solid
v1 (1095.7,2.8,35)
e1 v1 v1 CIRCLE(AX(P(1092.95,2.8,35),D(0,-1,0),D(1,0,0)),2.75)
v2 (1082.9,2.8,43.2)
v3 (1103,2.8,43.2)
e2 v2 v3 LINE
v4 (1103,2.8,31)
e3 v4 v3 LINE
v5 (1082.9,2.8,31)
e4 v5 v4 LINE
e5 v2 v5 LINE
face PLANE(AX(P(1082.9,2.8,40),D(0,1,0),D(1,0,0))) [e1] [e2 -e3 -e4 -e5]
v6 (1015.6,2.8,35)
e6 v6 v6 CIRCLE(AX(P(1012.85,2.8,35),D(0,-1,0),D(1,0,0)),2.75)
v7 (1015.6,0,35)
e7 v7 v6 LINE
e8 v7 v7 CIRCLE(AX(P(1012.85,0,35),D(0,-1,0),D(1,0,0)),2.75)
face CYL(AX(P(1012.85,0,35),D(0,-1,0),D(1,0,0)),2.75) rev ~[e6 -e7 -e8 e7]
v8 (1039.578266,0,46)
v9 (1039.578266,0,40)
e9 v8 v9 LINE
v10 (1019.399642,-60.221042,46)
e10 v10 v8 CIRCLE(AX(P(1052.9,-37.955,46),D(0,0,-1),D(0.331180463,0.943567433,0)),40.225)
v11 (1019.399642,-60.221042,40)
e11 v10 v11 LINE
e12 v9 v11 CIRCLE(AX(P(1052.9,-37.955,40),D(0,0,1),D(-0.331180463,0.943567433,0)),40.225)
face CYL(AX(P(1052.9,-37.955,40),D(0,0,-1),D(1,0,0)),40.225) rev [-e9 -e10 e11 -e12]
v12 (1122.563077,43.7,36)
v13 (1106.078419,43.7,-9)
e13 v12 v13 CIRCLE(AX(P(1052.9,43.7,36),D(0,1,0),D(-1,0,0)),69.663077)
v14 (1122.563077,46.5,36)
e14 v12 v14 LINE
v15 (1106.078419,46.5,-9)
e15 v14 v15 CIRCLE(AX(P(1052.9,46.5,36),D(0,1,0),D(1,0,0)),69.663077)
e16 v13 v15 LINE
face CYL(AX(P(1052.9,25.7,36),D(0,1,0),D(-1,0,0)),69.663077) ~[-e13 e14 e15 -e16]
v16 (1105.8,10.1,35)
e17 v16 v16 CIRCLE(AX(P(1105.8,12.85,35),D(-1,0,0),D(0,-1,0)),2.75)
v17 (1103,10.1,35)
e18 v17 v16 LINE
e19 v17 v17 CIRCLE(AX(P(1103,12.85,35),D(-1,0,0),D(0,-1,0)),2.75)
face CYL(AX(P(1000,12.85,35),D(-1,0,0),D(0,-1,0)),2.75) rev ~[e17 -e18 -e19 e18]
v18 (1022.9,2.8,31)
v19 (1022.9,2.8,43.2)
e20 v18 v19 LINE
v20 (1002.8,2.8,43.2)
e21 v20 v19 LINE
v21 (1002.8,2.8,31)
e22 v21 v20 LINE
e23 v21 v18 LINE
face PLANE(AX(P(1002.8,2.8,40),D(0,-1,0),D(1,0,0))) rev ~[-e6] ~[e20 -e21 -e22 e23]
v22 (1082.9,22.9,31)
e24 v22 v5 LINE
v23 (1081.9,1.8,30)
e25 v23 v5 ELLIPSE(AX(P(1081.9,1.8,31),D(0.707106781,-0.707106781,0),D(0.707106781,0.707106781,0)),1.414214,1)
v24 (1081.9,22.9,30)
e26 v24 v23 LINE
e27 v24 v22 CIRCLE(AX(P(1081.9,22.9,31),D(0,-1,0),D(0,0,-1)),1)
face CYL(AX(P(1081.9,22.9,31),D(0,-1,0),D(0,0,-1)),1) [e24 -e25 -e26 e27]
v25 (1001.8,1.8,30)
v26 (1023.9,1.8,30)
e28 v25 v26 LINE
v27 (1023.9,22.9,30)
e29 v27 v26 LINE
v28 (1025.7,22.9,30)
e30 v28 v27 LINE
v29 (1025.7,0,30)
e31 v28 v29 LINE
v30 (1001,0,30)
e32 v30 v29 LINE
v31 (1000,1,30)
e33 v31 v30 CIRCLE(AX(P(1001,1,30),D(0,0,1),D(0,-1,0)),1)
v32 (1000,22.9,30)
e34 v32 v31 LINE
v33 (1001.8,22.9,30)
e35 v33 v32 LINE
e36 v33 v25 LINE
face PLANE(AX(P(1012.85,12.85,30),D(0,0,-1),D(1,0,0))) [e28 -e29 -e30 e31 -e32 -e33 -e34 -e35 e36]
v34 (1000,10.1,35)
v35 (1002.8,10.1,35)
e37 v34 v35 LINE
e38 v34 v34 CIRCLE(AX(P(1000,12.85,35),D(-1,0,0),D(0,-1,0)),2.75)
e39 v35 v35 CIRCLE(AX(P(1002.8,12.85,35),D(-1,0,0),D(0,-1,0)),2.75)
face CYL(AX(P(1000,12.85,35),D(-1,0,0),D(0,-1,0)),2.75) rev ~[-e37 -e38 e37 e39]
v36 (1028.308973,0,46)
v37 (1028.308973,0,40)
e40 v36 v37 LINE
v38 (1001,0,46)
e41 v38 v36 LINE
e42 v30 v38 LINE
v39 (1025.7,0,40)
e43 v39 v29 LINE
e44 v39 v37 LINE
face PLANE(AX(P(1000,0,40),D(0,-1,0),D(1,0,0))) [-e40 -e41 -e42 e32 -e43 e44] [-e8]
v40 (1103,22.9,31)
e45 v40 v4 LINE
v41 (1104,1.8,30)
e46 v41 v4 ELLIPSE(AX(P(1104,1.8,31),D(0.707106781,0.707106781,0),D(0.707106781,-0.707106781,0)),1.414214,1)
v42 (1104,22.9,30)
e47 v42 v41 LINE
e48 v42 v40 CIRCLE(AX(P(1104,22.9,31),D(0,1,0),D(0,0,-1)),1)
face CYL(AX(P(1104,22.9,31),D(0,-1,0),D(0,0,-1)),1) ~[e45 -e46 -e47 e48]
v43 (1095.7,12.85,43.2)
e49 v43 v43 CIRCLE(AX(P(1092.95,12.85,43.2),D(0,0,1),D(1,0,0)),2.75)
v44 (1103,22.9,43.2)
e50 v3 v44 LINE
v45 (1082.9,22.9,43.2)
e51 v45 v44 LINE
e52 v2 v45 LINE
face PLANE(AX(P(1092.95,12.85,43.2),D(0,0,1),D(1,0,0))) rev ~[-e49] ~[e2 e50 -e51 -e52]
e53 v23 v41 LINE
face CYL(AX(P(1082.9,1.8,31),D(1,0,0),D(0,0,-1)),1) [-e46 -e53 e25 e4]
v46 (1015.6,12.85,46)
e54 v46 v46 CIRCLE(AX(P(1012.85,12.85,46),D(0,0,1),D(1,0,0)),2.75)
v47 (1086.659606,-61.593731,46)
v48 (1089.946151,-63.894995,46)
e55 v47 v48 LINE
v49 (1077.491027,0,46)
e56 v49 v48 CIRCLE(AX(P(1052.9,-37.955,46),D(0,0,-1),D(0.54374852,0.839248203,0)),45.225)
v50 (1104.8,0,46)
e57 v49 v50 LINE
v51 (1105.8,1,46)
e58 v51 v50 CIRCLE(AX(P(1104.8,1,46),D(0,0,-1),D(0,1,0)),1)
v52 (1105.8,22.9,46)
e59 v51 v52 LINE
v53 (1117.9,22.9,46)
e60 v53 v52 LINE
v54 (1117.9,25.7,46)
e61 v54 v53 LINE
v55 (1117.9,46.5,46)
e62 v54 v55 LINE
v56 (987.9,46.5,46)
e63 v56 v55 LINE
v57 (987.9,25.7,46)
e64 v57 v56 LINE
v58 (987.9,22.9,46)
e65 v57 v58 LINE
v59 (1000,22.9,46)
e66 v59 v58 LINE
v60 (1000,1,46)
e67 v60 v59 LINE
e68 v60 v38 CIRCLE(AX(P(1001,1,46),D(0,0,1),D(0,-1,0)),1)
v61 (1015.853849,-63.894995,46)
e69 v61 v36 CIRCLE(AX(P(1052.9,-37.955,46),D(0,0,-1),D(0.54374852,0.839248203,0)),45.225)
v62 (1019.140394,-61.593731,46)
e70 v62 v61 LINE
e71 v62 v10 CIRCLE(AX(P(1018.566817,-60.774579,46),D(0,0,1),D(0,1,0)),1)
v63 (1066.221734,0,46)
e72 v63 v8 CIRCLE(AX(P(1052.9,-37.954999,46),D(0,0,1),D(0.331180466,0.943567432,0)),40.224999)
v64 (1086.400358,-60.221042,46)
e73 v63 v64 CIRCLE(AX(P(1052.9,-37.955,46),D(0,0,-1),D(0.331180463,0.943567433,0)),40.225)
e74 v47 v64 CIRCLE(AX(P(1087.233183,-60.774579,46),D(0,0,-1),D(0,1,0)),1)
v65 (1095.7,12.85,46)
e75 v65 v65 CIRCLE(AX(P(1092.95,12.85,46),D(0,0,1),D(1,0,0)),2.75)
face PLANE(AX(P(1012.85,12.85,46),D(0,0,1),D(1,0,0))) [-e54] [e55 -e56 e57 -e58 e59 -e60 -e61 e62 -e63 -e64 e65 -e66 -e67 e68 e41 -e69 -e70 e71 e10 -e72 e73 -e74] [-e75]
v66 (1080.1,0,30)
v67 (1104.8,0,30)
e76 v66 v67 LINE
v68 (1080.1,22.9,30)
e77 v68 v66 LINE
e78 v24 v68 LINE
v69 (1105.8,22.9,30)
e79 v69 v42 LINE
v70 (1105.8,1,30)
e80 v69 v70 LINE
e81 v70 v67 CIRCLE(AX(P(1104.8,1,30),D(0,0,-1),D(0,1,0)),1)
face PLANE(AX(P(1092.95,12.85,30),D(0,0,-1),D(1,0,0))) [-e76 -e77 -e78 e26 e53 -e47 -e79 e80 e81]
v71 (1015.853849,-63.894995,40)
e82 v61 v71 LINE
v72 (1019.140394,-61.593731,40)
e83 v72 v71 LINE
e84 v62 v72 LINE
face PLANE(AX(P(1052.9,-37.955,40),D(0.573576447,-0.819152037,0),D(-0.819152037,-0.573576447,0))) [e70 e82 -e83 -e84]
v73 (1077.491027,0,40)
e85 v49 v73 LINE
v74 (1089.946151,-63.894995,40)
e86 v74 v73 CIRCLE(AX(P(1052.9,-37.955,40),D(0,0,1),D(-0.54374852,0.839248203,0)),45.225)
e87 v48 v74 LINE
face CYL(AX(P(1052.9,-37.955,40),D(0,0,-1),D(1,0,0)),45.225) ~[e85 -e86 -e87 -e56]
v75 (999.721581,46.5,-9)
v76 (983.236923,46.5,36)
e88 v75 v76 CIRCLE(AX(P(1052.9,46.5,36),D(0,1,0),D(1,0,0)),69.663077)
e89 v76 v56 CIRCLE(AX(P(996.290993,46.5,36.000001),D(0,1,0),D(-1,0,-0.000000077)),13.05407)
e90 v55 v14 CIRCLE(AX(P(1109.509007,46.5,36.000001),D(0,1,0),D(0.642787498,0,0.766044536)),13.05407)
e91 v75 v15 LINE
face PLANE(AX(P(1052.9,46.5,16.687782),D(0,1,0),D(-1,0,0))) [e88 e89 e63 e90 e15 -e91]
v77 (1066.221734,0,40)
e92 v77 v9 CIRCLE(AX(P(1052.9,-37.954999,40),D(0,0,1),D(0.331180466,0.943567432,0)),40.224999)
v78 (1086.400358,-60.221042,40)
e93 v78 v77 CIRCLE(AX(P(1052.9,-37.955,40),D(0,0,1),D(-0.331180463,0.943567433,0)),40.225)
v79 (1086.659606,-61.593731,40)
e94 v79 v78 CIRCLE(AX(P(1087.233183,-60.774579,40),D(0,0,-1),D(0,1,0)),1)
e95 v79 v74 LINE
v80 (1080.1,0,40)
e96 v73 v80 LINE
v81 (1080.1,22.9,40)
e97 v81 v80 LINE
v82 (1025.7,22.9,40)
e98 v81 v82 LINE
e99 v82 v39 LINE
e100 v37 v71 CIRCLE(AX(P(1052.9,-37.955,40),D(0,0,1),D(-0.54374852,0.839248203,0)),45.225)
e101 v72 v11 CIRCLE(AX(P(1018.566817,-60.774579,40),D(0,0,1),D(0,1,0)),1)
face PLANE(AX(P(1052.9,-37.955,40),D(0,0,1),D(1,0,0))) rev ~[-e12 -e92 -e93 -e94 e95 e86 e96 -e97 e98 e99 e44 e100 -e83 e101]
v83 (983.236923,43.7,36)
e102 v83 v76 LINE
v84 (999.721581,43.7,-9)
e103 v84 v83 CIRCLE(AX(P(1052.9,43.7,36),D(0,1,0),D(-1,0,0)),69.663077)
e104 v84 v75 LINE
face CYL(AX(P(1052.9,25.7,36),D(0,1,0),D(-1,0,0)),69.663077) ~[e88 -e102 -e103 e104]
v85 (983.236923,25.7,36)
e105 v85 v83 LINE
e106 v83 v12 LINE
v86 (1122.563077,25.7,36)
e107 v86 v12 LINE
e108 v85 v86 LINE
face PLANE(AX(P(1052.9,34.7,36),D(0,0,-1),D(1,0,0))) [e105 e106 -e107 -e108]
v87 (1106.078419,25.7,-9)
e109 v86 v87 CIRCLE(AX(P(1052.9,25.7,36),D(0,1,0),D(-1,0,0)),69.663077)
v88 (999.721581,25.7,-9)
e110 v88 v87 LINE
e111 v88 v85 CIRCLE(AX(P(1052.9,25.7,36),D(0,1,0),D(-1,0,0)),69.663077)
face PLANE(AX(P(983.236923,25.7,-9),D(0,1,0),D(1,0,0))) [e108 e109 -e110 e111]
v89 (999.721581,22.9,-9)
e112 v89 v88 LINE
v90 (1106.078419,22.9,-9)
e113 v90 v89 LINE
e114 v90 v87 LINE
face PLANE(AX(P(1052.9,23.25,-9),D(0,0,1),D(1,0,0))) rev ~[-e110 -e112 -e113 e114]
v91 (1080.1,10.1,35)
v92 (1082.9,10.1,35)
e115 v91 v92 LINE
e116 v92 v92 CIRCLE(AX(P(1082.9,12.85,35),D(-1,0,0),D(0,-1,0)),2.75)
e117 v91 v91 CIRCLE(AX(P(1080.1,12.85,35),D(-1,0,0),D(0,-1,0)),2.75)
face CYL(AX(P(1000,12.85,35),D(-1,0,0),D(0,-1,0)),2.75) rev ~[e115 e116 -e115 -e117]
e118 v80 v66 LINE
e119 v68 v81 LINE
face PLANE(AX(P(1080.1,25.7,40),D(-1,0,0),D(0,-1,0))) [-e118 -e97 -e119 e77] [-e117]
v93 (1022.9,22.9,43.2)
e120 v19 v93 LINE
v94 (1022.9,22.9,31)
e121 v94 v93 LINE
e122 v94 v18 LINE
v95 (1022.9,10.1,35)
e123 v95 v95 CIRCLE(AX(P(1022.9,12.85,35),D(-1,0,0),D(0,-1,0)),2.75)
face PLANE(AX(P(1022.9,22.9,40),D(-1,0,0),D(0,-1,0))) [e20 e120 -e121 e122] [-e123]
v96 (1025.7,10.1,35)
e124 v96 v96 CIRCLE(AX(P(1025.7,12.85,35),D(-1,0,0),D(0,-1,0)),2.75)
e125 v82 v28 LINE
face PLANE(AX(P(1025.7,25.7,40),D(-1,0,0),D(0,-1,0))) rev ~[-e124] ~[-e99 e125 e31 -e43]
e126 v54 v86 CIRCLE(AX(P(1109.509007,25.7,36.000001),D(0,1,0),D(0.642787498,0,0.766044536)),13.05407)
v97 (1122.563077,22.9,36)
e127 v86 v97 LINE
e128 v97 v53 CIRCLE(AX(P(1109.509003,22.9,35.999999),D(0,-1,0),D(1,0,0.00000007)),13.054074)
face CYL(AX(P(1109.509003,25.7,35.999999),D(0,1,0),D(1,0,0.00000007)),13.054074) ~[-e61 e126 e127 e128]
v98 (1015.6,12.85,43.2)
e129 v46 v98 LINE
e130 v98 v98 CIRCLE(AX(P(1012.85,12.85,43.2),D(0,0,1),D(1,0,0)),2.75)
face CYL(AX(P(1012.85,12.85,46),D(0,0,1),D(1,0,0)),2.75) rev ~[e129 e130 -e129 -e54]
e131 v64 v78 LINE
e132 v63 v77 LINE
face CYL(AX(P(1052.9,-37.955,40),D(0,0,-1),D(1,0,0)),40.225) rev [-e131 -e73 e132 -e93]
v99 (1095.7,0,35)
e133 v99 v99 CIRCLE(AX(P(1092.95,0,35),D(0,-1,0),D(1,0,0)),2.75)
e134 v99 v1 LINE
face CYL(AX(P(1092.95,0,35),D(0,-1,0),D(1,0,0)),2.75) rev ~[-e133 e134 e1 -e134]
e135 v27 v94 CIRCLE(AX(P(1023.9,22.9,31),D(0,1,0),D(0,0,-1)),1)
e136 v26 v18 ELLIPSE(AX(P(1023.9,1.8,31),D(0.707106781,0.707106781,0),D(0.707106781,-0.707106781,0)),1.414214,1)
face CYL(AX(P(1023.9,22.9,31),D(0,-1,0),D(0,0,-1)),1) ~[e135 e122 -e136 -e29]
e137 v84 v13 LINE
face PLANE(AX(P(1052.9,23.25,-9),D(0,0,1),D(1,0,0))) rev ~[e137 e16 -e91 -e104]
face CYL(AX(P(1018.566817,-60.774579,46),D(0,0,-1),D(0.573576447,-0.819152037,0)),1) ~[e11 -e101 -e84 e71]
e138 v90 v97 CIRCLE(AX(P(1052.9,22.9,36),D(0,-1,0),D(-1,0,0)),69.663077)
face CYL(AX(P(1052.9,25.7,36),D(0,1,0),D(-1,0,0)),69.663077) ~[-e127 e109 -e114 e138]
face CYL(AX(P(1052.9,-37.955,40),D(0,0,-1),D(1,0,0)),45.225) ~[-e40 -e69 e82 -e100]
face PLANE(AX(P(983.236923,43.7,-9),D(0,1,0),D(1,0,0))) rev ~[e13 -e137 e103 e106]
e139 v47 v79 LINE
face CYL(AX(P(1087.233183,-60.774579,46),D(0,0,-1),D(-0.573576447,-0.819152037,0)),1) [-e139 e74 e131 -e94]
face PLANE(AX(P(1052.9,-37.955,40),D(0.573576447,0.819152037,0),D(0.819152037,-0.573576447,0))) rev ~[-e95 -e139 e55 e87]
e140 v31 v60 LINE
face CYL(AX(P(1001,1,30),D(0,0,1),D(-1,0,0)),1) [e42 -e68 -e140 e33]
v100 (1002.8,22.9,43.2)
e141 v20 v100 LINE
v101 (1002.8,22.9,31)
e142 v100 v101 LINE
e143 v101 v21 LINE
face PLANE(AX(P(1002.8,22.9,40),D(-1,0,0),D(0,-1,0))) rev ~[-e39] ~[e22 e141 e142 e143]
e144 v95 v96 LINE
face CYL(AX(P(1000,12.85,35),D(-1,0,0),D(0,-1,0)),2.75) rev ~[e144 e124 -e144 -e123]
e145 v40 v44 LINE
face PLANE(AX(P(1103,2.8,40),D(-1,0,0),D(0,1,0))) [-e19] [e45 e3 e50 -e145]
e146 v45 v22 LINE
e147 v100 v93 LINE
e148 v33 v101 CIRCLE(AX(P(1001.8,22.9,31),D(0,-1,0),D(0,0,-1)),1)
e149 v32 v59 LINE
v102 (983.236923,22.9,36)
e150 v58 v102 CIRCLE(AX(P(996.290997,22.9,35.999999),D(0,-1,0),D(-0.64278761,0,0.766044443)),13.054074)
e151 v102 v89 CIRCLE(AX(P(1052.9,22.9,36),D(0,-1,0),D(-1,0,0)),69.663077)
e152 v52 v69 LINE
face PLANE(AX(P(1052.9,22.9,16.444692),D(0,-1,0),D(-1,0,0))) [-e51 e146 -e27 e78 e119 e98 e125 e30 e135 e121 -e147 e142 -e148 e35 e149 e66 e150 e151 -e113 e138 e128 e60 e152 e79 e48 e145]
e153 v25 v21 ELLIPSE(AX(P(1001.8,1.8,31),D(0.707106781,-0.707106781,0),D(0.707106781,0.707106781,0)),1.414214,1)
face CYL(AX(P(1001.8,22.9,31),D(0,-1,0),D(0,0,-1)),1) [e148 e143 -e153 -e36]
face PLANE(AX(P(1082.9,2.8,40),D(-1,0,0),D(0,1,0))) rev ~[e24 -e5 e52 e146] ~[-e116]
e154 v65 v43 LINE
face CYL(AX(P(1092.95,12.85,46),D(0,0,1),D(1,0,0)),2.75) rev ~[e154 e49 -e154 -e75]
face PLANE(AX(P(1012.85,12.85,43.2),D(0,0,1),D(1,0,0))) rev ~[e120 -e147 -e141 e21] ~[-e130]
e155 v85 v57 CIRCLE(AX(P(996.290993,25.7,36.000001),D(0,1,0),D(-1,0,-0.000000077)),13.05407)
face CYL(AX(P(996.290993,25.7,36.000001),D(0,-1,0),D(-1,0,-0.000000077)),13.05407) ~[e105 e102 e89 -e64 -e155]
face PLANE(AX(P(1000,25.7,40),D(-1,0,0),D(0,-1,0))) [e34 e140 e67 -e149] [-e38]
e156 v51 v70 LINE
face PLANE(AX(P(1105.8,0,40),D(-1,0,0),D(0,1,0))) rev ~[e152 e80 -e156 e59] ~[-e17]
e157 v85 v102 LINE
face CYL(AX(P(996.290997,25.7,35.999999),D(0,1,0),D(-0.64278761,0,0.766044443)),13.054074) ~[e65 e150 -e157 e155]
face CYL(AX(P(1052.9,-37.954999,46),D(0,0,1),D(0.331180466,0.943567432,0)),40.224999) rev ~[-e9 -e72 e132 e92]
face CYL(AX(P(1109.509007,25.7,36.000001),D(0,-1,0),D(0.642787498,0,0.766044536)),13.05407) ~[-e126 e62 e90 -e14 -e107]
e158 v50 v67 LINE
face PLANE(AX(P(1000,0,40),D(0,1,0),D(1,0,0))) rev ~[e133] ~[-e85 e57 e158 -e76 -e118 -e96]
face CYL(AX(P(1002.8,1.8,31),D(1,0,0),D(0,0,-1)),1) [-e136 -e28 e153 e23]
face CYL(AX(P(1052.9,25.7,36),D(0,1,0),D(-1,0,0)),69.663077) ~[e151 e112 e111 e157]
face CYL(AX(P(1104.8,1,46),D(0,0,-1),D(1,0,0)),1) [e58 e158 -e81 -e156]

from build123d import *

# Parameters (mm, degrees)
SKETCH038_W     = 105.8
SKETCH038_H     = 25.7
SKETCH038_W_2   = 20.1
SKETCH038_H_2   = 20.1
PAD020_DEPTH    = 6
SKETCH036_R     = 45.225
SKETCH036_R_2   = 40.225
PAD019_DEPTH    = 6
POCKET020_DEPTH = 6
POCKET021_DEPTH = 6
FILLET008_R     = 1
SKETCH034_W     = 25.7
SKETCH034_H     = 25.7
SKETCH034_W_2   = 20.1
SKETCH034_H_2   = 20.1
PAD021_DEPTH    = 10
SKETCH033_R     = 2.75
POCKET024_DEPTH = 105.8
SKETCH040_R     = 2.75
POCKET023_DEPTH = 2.8
FILLET009_R     = 1
PAD022_DEPTH    = 20.8
PAD018_DEPTH    = 2.8
SKETCH041_W     = 139.326154
SKETCH041_H     = 46.5
POCKET025_DEPTH = 61
SKETCH035_W     = 139.326154
SKETCH035_H     = 18
POCKET022_DEPTH = 45
SKETCH051_W     = 20.1
SKETCH051_H     = 20.1
SKETCH051_R     = 2.75
PAD028_DEPTH    = 2.8


with BuildPart() as part:
    # Sketch038 → Pad020 (new body)
    with BuildSketch(Plane.XY):
        with Locations((52.9, 12.85)):
            Rectangle(SKETCH038_W, SKETCH038_H)
        with Locations((12.85, 12.85)):
            Rectangle(SKETCH038_W_2, SKETCH038_H_2, mode=Mode.SUBTRACT)
        with Locations((92.95, 12.85)):
            Rectangle(SKETCH038_W_2, SKETCH038_H_2, mode=Mode.SUBTRACT)
    extrude(amount=PAD020_DEPTH)

    # Sketch036 → Pad019 (join)
    with BuildSketch(Plane.XY):
        with Locations((52.9, -37.955)):
            Circle(SKETCH036_R)
        with Locations((52.9, -37.955)):
            Circle(SKETCH036_R_2, mode=Mode.SUBTRACT)
    extrude(amount=PAD019_DEPTH)

    # Pad019 Face25 → Pocket020 (cut)
    with BuildSketch(Plane(origin=(52.9, 0.910232, 6), x_dir=(0, 1, 0), z_dir=(0, 0, 1))):
        with BuildLine():
            ThreePointArc((-0.910232, -13.321734), (1.359768, 0), (-0.910232, 13.321734))
            Line((-0.910232, 13.321734), (-0.910232, -13.321734))
        make_face()
    extrude(amount=-POCKET020_DEPTH, mode=Mode.SUBTRACT)

    # Sketch039 → Pocket021 (cut)
    with BuildSketch(Plane.XY):
        with BuildLine():
            Line((52.9, -37.955), (94.041911, -66.762877))
            ThreePointArc((11.758089, -66.762877), (52.9, -88.18), (94.041911, -66.762877))
            Line((52.9, -37.955), (11.758089, -66.762877))
        make_face()
    extrude(amount=POCKET021_DEPTH, mode=Mode.SUBTRACT)

    # Fillet008
    fillet008_edges = [part.edges().sort_by_distance(p)[0] for p in [
        (19.949609, -61.027112, 3),
        (85.850391, -61.027112, 3),
    ]]
    fillet(fillet008_edges, radius=FILLET008_R)

    # Sketch034 (on Face11 of Fillet008) → Pad021 (join)
    with BuildSketch(Plane(origin=(0, 0, 0), x_dir=(1, 0, 0), z_dir=(0, 0, -1))):
        with Locations((12.85, -12.85)):
            Rectangle(SKETCH034_W, SKETCH034_H)
        with Locations((12.85, -12.85)):
            Rectangle(SKETCH034_W_2, SKETCH034_H_2, mode=Mode.SUBTRACT)
        with Locations((92.95, -12.85)):
            Rectangle(SKETCH034_W, SKETCH034_H)
        with Locations((92.95, -12.85)):
            Rectangle(SKETCH034_W_2, SKETCH034_H_2, mode=Mode.SUBTRACT)
    extrude(amount=PAD021_DEPTH)

    # Sketch033 (on Face27 of Pad021) → Pocket024 (cut)
    with BuildSketch(Plane(origin=(0, 0, 0), x_dir=(0, -1, 0), z_dir=(-1, 0, 0))):
        with Locations((-12.85, -5)):
            Circle(SKETCH033_R)
    extrude(amount=-POCKET024_DEPTH, mode=Mode.SUBTRACT)

    # Sketch040 (on Face13 of Pocket024) → Pocket023 (cut)
    with BuildSketch(Plane.XZ):
        with Locations((12.85, -5)):
            Circle(SKETCH040_R)
        with Locations((92.95, -5)):
            Circle(SKETCH040_R)
    extrude(amount=-POCKET023_DEPTH, mode=Mode.SUBTRACT)

    # Fillet009
    fillet009_edges = [part.edges().sort_by_distance(p)[0] for p in [
        (103, 12.85, -10),
        (92.95, 2.8, -10),
        (82.9, 12.85, -10),
        (22.9, 12.85, -10),
        (12.85, 2.8, -10),
        (2.8, 12.85, -10),
        (0, 0, -5),
        (0, 0, 3),
        (105.8, 0, -5),
        (105.8, 0, 3),
    ]]
    fillet(fillet009_edges, radius=FILLET009_R)

    # Sketch037 (on Face12 of Fillet009) → Pad022 (join)
    with BuildSketch(Plane(origin=(0, 25.7, 0), x_dir=(-1, 0, 0), z_dir=(0, 1, 0))):
        with BuildLine():
            Line((12.1, 6), (-117.9, 6))
            ThreePointArc((-117.9, 6), (-121.340012, 1.51689), (-122.563077, -4))
            ThreePointArc((-122.563077, -4), (-52.9, -73.663077), (16.763077, -4))
            ThreePointArc((16.763077, -4), (15.540012, 1.51689), (12.1, 6))
        make_face()
    extrude(amount=PAD022_DEPTH)

    # Pad022 Face4 → Pad018 (add)
    with BuildSketch(Plane(origin=(52.9, 25.7, -32.391454), x_dir=(-1, 0, 0), z_dir=(0, -1, 0))):
        with BuildLine():
            ThreePointArc((65, -38.391454), (68.440012, -33.908343), (69.663077, -28.391454))
            ThreePointArc((69.663077, -28.391454), (0, 41.271623), (-69.663077, -28.391454))
            ThreePointArc((-69.663077, -28.391454), (-68.440012, -33.908343), (-65, -38.391454))
            Line((-65, -38.391454), (-52.9, -38.391454))
            Line((-52.9, -38.391454), (-52.9, -32.391454))
            Line((-52.9, -32.391454), (-52.9, -22.391454))
            Line((-52.9, -22.391454), (-27.2, -22.391454))
            Line((-27.2, -22.391454), (-27.2, -32.391454))
            Line((-27.2, -32.391454), (27.2, -32.391454))
            Line((27.2, -32.391454), (27.2, -22.391454))
            Line((27.2, -22.391454), (52.9, -22.391454))
            Line((52.9, -22.391454), (52.9, -32.391454))
            Line((52.9, -32.391454), (52.9, -38.391454))
            Line((52.9, -38.391454), (65, -38.391454))
        make_face()
    extrude(amount=PAD018_DEPTH)

    # Sketch041 → Pocket025 (cut)
    with BuildSketch(Plane.XY.offset(-49)):
        with Locations((52.9, 23.25)):
            Rectangle(SKETCH041_W, SKETCH041_H)
    extrude(amount=-POCKET025_DEPTH, mode=Mode.SUBTRACT)

    # Sketch035 (on Face28 of Pocket025) → Pocket022 (cut)
    with BuildSketch(Plane(origin=(0, 0, -49), x_dir=(1, 0, 0), z_dir=(0, 0, -1))):
        with Locations((52.9, -34.7)):
            Rectangle(SKETCH035_W, SKETCH035_H)
    extrude(amount=-POCKET022_DEPTH, mode=Mode.SUBTRACT)

    # Sketch051 (on Face5 of Pocket022) → Pad028 (join)
    with BuildSketch(Plane.XY.offset(6)):
        with Locations((12.85, 12.85)):
            Rectangle(SKETCH051_W, SKETCH051_H)
        with Locations((12.85, 12.85)):
            Circle(SKETCH051_R, mode=Mode.SUBTRACT)
        with Locations((92.95, 12.85)):
            Rectangle(SKETCH051_W, SKETCH051_H)
        with Locations((92.95, 12.85)):
            Circle(SKETCH051_R, mode=Mode.SUBTRACT)
    extrude(amount=-PAD028_DEPTH)


with BuildPart() as part_1:
    # Body006 placement: moved
    add(part.part.moved(Location((1000, 0, 40))))


solid = part_1.part
